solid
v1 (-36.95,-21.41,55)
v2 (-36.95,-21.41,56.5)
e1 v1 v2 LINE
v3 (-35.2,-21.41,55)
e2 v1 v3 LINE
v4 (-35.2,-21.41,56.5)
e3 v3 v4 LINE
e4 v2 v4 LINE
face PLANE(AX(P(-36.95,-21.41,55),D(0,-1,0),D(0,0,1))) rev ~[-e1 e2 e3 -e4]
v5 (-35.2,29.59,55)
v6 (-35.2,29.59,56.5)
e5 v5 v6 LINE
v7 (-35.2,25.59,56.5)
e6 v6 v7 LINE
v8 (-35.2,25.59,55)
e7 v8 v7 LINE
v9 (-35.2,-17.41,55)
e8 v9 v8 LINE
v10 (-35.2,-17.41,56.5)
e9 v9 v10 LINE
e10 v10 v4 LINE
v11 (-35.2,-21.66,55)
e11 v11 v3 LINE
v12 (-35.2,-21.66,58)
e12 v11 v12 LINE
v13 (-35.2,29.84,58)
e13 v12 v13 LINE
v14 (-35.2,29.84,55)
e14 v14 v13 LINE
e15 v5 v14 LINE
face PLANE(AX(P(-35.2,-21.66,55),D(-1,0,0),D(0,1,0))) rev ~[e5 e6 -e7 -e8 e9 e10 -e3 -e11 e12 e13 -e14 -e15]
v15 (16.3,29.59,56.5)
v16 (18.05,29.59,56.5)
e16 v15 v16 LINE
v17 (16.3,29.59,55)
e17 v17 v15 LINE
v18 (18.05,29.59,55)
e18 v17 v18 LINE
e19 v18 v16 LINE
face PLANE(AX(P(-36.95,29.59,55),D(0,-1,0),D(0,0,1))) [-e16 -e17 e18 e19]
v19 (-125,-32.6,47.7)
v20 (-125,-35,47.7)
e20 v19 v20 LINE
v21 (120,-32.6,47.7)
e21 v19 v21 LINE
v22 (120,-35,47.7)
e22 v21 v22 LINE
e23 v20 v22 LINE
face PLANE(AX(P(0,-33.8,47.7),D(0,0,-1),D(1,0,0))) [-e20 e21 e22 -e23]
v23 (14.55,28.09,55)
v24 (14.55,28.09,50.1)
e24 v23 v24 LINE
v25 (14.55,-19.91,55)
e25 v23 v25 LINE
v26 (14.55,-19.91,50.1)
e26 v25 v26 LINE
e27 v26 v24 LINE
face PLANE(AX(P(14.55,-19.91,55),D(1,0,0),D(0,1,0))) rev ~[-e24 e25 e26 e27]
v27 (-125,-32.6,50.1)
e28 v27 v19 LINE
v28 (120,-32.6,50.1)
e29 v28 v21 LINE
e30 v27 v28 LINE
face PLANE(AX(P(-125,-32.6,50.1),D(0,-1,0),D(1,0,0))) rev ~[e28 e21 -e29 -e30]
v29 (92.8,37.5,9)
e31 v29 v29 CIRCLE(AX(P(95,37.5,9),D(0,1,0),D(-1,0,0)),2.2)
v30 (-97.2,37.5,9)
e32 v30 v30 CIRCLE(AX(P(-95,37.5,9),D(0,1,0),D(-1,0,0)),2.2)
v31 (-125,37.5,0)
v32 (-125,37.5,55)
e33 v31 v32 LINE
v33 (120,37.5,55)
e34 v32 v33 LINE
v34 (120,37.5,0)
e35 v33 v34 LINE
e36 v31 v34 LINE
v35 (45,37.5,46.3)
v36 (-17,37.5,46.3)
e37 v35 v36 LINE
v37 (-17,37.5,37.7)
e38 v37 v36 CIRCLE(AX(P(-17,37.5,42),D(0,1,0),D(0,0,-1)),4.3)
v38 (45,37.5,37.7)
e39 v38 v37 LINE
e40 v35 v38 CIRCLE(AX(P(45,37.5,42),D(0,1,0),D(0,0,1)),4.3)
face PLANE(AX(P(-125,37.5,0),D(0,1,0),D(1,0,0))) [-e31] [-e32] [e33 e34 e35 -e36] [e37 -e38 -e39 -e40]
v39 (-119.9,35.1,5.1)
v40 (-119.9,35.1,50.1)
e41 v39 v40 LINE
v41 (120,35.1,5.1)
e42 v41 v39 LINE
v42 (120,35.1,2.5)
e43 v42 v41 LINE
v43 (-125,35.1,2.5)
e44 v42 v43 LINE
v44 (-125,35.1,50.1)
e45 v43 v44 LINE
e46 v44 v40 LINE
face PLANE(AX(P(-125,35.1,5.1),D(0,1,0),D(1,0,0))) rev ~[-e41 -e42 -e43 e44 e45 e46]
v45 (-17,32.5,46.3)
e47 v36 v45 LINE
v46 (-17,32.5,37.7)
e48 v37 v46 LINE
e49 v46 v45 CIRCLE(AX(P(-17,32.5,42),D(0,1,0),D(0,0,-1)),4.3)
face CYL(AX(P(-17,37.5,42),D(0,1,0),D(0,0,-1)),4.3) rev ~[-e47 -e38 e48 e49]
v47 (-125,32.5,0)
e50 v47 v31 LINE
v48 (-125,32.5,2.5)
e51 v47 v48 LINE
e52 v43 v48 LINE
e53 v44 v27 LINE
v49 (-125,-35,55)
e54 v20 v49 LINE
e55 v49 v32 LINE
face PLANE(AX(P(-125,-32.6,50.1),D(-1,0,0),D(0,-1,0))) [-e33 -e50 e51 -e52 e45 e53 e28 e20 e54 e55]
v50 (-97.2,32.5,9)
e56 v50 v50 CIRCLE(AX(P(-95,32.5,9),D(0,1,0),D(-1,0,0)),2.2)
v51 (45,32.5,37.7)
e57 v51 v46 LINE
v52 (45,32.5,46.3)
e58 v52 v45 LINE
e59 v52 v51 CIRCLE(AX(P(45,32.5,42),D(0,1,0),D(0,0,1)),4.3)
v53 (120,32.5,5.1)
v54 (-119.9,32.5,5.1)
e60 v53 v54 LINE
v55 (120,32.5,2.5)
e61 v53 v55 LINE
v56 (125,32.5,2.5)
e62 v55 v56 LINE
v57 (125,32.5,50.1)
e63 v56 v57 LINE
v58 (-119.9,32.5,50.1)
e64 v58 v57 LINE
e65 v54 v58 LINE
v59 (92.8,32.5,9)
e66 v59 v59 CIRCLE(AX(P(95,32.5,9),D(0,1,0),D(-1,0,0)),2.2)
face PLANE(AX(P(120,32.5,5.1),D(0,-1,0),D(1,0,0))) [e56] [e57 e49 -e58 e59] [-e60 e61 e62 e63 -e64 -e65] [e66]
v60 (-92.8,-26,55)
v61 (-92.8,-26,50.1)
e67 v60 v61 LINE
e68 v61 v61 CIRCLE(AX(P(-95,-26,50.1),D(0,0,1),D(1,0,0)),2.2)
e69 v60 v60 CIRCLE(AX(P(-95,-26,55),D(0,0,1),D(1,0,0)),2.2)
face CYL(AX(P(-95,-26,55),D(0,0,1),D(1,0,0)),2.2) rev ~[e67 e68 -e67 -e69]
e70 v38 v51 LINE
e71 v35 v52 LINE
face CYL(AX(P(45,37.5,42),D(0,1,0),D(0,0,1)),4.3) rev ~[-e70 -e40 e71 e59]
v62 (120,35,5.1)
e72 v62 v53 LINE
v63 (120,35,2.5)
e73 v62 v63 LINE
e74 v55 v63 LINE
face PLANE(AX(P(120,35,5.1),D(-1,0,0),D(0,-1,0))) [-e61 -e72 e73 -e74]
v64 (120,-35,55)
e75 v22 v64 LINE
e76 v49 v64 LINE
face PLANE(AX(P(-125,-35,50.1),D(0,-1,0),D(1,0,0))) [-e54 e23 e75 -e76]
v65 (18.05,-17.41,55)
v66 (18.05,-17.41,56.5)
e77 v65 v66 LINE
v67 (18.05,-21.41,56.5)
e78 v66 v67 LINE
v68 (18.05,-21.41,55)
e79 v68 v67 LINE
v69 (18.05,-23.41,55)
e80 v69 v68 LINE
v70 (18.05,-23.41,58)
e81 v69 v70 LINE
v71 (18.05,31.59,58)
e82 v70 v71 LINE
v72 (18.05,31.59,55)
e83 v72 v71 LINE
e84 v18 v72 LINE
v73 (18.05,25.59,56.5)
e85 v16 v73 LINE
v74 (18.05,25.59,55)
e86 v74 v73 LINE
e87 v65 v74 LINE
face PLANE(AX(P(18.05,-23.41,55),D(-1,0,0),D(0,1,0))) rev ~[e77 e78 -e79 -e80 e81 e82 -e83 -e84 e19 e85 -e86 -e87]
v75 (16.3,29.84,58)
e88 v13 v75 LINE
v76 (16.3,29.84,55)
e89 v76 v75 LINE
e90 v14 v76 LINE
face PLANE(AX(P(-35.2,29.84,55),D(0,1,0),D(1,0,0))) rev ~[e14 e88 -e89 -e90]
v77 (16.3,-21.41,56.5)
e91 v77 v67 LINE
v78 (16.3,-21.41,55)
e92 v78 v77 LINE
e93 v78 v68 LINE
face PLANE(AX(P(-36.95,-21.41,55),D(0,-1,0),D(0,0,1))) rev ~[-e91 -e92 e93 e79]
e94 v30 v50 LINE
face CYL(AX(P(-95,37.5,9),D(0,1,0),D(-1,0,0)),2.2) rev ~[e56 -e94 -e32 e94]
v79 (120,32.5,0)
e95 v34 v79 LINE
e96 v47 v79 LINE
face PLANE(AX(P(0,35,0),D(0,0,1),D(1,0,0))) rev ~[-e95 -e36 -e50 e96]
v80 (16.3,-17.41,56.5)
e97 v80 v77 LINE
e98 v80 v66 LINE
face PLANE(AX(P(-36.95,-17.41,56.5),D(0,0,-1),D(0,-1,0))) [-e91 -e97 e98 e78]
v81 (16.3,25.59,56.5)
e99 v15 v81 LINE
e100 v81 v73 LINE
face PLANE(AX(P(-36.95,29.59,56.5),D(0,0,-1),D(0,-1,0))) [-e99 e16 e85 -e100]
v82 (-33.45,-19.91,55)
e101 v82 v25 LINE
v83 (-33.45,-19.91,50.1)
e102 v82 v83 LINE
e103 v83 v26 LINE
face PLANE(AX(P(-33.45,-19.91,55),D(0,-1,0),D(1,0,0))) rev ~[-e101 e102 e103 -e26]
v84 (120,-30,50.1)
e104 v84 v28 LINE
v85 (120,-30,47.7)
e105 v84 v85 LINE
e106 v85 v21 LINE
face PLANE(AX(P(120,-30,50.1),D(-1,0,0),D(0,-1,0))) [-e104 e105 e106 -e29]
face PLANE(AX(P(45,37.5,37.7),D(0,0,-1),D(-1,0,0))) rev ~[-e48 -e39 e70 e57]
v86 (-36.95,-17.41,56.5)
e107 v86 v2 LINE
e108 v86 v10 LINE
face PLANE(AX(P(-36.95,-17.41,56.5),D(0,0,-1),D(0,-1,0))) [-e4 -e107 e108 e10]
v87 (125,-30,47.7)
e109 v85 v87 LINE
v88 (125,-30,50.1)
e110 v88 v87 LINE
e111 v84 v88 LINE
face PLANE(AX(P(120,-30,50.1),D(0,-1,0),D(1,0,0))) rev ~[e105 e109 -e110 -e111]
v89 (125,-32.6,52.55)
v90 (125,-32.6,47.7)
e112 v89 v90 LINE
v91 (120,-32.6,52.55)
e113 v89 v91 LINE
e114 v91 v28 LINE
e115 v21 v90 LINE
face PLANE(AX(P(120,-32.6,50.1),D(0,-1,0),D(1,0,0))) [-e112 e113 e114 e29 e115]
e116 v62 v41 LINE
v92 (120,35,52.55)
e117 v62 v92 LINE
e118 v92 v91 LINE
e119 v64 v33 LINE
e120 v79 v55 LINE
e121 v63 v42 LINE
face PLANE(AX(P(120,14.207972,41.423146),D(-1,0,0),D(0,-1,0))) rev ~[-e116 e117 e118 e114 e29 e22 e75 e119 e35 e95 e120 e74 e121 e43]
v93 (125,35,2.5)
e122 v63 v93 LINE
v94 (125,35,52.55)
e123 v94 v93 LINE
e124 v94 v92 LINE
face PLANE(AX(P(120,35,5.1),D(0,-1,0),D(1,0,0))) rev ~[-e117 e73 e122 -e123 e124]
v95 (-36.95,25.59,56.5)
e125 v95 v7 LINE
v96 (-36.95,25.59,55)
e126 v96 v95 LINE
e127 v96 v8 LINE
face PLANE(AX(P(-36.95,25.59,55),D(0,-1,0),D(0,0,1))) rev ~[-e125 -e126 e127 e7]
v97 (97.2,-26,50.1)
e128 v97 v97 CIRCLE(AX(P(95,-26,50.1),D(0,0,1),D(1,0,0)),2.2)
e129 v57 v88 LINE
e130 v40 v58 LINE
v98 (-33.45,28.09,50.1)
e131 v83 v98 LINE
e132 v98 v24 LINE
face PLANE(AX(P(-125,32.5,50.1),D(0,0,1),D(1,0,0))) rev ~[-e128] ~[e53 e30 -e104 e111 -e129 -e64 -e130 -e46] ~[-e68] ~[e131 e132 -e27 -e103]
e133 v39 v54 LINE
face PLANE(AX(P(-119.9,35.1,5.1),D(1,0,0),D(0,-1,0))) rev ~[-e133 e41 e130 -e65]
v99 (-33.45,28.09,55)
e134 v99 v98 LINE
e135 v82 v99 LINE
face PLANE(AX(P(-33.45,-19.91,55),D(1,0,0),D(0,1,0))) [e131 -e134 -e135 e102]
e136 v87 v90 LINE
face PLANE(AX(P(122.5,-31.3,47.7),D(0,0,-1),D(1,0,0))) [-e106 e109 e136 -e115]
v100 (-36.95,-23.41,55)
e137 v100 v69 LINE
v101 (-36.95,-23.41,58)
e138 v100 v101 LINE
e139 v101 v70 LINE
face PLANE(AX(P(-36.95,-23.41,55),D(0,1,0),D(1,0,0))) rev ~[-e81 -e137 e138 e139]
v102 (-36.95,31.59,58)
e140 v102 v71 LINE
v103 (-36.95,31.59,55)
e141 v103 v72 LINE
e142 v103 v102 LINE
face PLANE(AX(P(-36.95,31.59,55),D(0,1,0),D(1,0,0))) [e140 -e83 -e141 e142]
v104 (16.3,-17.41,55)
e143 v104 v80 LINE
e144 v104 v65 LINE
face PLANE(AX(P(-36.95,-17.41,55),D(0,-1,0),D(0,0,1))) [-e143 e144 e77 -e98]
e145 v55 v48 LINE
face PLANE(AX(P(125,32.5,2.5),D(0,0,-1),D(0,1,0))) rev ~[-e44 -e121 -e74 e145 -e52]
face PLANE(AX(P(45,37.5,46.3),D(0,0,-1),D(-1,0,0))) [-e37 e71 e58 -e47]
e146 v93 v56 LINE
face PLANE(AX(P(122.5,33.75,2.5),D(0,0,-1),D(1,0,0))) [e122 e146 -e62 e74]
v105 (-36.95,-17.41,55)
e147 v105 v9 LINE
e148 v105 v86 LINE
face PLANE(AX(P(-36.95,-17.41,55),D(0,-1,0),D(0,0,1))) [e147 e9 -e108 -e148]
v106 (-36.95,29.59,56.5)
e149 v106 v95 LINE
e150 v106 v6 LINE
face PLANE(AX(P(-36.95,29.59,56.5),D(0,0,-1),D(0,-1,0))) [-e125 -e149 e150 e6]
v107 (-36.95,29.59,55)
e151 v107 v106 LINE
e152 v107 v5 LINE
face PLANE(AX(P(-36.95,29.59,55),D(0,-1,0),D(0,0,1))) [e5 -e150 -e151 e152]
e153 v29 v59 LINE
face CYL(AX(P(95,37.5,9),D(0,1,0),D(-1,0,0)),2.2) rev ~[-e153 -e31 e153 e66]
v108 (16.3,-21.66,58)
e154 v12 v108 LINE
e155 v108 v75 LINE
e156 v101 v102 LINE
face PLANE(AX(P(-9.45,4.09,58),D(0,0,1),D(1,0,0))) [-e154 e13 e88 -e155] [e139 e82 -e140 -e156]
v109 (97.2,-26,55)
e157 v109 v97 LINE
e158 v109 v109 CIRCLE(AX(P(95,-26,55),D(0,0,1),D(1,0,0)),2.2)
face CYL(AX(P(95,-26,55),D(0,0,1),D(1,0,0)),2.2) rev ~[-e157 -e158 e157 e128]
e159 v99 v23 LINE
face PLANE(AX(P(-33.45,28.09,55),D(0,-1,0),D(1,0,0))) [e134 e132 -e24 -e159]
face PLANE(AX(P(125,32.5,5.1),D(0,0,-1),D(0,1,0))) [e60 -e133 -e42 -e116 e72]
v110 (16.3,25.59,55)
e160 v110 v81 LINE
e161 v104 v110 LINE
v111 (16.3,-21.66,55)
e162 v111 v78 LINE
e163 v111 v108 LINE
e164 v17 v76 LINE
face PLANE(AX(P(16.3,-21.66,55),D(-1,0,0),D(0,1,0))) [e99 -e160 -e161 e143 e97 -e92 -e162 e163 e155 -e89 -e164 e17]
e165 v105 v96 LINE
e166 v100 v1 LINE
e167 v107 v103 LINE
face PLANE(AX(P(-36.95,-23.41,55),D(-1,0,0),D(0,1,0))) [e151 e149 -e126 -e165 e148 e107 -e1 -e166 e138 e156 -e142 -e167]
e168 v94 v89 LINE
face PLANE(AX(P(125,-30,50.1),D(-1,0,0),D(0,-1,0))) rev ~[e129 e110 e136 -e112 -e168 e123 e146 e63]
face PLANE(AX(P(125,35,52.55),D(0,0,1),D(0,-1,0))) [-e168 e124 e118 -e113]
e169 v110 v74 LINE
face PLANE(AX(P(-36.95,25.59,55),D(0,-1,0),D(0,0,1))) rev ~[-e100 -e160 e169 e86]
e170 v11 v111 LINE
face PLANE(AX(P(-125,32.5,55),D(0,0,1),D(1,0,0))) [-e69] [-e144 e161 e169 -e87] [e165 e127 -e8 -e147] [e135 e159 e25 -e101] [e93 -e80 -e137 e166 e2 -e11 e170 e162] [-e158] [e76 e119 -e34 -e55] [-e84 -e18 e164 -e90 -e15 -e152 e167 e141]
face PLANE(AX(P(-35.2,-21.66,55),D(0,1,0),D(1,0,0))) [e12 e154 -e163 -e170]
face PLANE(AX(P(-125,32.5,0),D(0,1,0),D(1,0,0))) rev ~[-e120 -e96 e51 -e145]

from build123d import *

# Parameters (mm, degrees)
SKETCH_W        = 250
SKETCH_H        = 5
PAD012_DEPTH    = 55
SKETCH023_W     = 2.6
SKETCH023_H     = 2.6
POCKET007_DEPTH = 250.001
SKETCH024_W     = 5.1
SKETCH024_H     = 2.6
POCKET008_DEPTH = 45
SKETCH025_W     = 250
SKETCH025_H     = 4.9
PAD013_DEPTH    = 67.5
SKETCH026_W     = 250
SKETCH026_H     = 2.4
PAD014_DEPTH    = 2.4
SKETCH027_R     = 2.2
HOLE004_DEPTH   = 23.678107
HOLE004_TIPS_R  = 2.2
SKETCH028_R     = 2.2
HOLE005_DEPTH   = 23.678107
HOLE005_TIPS_R  = 2.2
POCKET009_DEPTH = 5
SKETCH030_W     = 48
SKETCH030_H     = 48
POCKET010_DEPTH = 4.9
SKETCH031_W     = 55
SKETCH031_H     = 55
SKETCH031_W_2   = 51.5
SKETCH031_H_2   = 51.5
PAD015_DEPTH    = 3
SKETCH032_W     = 4
SKETCH032_H     = 1.5
POCKET011_DEPTH = 161.951
POCKET012_DEPTH = 5
SKETCH035_W     = 5
SKETCH035_H     = 2.5
PAD016_DEPTH    = 2.6
SKETCH036_W     = 5
SKETCH036_H     = 2.6
PAD017_DEPTH    = 2.4


with BuildPart() as part:
    # Sketch → Pad012 (new body)
    with BuildSketch(Plane.XY):
        with Locations((0, 35)):
            Rectangle(SKETCH_W, SKETCH_H)
    extrude(amount=PAD012_DEPTH)

    # Sketch023 (on Face2 of Pad012) → Pocket007 (cut, through all)
    with BuildSketch(Plane.YZ.offset(125)):
        with Locations((33.8, 3.8)):
            Rectangle(SKETCH023_W, SKETCH023_H)
    extrude(amount=-POCKET007_DEPTH, mode=Mode.SUBTRACT)

    # Sketch024 (on Face7 of Pocket007) → Pocket008 (cut)
    with BuildSketch(Plane(origin=(0, 0, 5.1), x_dir=(1, 0, 0), z_dir=(0, 0, -1))):
        with Locations((-122.45, -33.8)):
            Rectangle(SKETCH024_W, SKETCH024_H)
    extrude(amount=-POCKET008_DEPTH, mode=Mode.SUBTRACT)

    # Sketch025 (on Face6 of Pocket008) → Pad013 (join)
    with BuildSketch(Plane.XZ.offset(-32.5)):
        with Locations((0, 52.55)):
            Rectangle(SKETCH025_W, SKETCH025_H)
    extrude(amount=PAD013_DEPTH)

    # Sketch026 (on Face16 of Pad013) → Pad014 (join)
    with BuildSketch(Plane(origin=(0, 0, 50.1), x_dir=(1, 0, 0), z_dir=(0, 0, -1))):
        with Locations((0, 33.8)):
            Rectangle(SKETCH026_W, SKETCH026_H)
    extrude(amount=PAD014_DEPTH)

    # Sketch027 (on Face1 of Pad014) → Hole004 (cut)
    with BuildSketch(Plane(origin=(0, 37.5, 0), x_dir=(-1, 0, 0), z_dir=(0, 1, 0))):
        with Locations((-95, 9)):
            Circle(SKETCH027_R)
        with Locations((95, 9)):
            Circle(SKETCH027_R)
    extrude(amount=-HOLE004_DEPTH, mode=Mode.SUBTRACT)

    # Hole004 tips → Hole004 tip 1 section 0
    with BuildSketch(Plane(origin=(0, 13.821893, 0), x_dir=(-1, 0, 0), z_dir=(0, 1, 0)), mode=Mode.PRIVATE) as hole004_tip_1_s0:
        with Locations((-95, 9)):
            Circle(HOLE004_TIPS_R)
    loft([hole004_tip_1_s0.sketch, Vertex(95, 12.5, 9)], mode=Mode.SUBTRACT)

    # Hole004 tips → Hole004 tip 2 section 0
    with BuildSketch(Plane(origin=(0, 13.821893, 0), x_dir=(-1, 0, 0), z_dir=(0, 1, 0)), mode=Mode.PRIVATE) as hole004_tip_2_s0:
        with Locations((95, 9)):
            Circle(HOLE004_TIPS_R)
    loft([hole004_tip_2_s0.sketch, Vertex(-95, 12.5, 9)], mode=Mode.SUBTRACT)

    # Sketch028 (on Face14 of Hole004) → Hole005 (cut)
    with BuildSketch(Plane.XY.offset(55)):
        with Locations((-95, -26)):
            Circle(SKETCH028_R)
        with Locations((95, -26)):
            Circle(SKETCH028_R)
    extrude(amount=-HOLE005_DEPTH, mode=Mode.SUBTRACT)

    # Hole005 tips → Hole005 tip 1 section 0
    with BuildSketch(Plane.XY.offset(31.321893), mode=Mode.PRIVATE) as hole005_tip_1_s0:
        with Locations((-95, -26)):
            Circle(HOLE005_TIPS_R)
    loft([hole005_tip_1_s0.sketch, Vertex(-95, -26, 30)], mode=Mode.SUBTRACT)

    # Hole005 tips → Hole005 tip 2 section 0
    with BuildSketch(Plane.XY.offset(31.321893), mode=Mode.PRIVATE) as hole005_tip_2_s0:
        with Locations((95, -26)):
            Circle(HOLE005_TIPS_R)
    loft([hole005_tip_2_s0.sketch, Vertex(95, -26, 30)], mode=Mode.SUBTRACT)

    # Sketch029 (on Face1 of Hole005) → Pocket009 (cut)
    with BuildSketch(Plane(origin=(0, 37.5, 0), x_dir=(-1, 0, 0), z_dir=(0, 1, 0))):
        with BuildLine():
            ThreePointArc((-45, 46.3), (-49.3, 42), (-45, 37.7))
            Line((-45, 37.7), (17, 37.7))
            ThreePointArc((17, 37.7), (21.3, 42), (17, 46.3))
            Line((-45, 46.3), (17, 46.3))
        make_face()
    extrude(amount=-POCKET009_DEPTH, mode=Mode.SUBTRACT)

    # Sketch030 (on Face18 of Pocket009) → Pocket010 (cut)
    with BuildSketch(Plane.XY.offset(55)):
        with Locations((-9.45, 4.09)):
            Rectangle(SKETCH030_W, SKETCH030_H)
    extrude(amount=-POCKET010_DEPTH, mode=Mode.SUBTRACT)

    # Sketch031 (on Face18 of Pocket010) → Pad015 (join)
    with BuildSketch(Plane.XY.offset(55)):
        with Locations((-9.45, 4.09)):
            Rectangle(SKETCH031_W, SKETCH031_H)
        with Locations((-9.45, 4.09)):
            Rectangle(SKETCH031_W_2, SKETCH031_H_2, mode=Mode.SUBTRACT)
    extrude(amount=PAD015_DEPTH)

    # Sketch032 (on Face30 of Pad015) → Pocket011 (cut, through all)
    with BuildSketch(Plane(origin=(-36.95, 0, 0), x_dir=(0, -1, 0), z_dir=(-1, 0, 0))):
        with Locations((-27.59, 55.75)):
            Rectangle(SKETCH032_W, SKETCH032_H)
        with Locations((19.41, 55.75)):
            Rectangle(SKETCH032_W, SKETCH032_H)
    extrude(amount=-POCKET011_DEPTH, mode=Mode.SUBTRACT)

    # Sketch033 (on Face21 of Pocket011) → Pocket012 (cut)
    with BuildSketch(Plane.YZ.offset(125)):
        Polygon((-32.6, 47.7), (-35, 47.7), (-35, 55), (37.5, 55), (37.5, 0), (32.5, 0), (32.5, 2.5), (35, 2.5), (35, 52.55), (-32.6, 52.55), align=None)
    extrude(amount=-POCKET012_DEPTH, mode=Mode.SUBTRACT)

    # Sketch035 (on Face17 of Pocket012) → Pad016 (join)
    with BuildSketch(Plane(origin=(0, 0, 5.1), x_dir=(1, 0, 0), z_dir=(0, 0, -1))):
        with Locations((122.5, -33.75)):
            Rectangle(SKETCH035_W, SKETCH035_H)
    extrude(amount=PAD016_DEPTH)

    # Sketch036 (on Face31 of Pad016) → Pad017 (join)
    with BuildSketch(Plane(origin=(0, 0, 50.1), x_dir=(1, 0, 0), z_dir=(0, 0, -1))):
        with Locations((122.5, 31.3)):
            Rectangle(SKETCH036_W, SKETCH036_H)
    extrude(amount=PAD017_DEPTH)


solid = part.part
